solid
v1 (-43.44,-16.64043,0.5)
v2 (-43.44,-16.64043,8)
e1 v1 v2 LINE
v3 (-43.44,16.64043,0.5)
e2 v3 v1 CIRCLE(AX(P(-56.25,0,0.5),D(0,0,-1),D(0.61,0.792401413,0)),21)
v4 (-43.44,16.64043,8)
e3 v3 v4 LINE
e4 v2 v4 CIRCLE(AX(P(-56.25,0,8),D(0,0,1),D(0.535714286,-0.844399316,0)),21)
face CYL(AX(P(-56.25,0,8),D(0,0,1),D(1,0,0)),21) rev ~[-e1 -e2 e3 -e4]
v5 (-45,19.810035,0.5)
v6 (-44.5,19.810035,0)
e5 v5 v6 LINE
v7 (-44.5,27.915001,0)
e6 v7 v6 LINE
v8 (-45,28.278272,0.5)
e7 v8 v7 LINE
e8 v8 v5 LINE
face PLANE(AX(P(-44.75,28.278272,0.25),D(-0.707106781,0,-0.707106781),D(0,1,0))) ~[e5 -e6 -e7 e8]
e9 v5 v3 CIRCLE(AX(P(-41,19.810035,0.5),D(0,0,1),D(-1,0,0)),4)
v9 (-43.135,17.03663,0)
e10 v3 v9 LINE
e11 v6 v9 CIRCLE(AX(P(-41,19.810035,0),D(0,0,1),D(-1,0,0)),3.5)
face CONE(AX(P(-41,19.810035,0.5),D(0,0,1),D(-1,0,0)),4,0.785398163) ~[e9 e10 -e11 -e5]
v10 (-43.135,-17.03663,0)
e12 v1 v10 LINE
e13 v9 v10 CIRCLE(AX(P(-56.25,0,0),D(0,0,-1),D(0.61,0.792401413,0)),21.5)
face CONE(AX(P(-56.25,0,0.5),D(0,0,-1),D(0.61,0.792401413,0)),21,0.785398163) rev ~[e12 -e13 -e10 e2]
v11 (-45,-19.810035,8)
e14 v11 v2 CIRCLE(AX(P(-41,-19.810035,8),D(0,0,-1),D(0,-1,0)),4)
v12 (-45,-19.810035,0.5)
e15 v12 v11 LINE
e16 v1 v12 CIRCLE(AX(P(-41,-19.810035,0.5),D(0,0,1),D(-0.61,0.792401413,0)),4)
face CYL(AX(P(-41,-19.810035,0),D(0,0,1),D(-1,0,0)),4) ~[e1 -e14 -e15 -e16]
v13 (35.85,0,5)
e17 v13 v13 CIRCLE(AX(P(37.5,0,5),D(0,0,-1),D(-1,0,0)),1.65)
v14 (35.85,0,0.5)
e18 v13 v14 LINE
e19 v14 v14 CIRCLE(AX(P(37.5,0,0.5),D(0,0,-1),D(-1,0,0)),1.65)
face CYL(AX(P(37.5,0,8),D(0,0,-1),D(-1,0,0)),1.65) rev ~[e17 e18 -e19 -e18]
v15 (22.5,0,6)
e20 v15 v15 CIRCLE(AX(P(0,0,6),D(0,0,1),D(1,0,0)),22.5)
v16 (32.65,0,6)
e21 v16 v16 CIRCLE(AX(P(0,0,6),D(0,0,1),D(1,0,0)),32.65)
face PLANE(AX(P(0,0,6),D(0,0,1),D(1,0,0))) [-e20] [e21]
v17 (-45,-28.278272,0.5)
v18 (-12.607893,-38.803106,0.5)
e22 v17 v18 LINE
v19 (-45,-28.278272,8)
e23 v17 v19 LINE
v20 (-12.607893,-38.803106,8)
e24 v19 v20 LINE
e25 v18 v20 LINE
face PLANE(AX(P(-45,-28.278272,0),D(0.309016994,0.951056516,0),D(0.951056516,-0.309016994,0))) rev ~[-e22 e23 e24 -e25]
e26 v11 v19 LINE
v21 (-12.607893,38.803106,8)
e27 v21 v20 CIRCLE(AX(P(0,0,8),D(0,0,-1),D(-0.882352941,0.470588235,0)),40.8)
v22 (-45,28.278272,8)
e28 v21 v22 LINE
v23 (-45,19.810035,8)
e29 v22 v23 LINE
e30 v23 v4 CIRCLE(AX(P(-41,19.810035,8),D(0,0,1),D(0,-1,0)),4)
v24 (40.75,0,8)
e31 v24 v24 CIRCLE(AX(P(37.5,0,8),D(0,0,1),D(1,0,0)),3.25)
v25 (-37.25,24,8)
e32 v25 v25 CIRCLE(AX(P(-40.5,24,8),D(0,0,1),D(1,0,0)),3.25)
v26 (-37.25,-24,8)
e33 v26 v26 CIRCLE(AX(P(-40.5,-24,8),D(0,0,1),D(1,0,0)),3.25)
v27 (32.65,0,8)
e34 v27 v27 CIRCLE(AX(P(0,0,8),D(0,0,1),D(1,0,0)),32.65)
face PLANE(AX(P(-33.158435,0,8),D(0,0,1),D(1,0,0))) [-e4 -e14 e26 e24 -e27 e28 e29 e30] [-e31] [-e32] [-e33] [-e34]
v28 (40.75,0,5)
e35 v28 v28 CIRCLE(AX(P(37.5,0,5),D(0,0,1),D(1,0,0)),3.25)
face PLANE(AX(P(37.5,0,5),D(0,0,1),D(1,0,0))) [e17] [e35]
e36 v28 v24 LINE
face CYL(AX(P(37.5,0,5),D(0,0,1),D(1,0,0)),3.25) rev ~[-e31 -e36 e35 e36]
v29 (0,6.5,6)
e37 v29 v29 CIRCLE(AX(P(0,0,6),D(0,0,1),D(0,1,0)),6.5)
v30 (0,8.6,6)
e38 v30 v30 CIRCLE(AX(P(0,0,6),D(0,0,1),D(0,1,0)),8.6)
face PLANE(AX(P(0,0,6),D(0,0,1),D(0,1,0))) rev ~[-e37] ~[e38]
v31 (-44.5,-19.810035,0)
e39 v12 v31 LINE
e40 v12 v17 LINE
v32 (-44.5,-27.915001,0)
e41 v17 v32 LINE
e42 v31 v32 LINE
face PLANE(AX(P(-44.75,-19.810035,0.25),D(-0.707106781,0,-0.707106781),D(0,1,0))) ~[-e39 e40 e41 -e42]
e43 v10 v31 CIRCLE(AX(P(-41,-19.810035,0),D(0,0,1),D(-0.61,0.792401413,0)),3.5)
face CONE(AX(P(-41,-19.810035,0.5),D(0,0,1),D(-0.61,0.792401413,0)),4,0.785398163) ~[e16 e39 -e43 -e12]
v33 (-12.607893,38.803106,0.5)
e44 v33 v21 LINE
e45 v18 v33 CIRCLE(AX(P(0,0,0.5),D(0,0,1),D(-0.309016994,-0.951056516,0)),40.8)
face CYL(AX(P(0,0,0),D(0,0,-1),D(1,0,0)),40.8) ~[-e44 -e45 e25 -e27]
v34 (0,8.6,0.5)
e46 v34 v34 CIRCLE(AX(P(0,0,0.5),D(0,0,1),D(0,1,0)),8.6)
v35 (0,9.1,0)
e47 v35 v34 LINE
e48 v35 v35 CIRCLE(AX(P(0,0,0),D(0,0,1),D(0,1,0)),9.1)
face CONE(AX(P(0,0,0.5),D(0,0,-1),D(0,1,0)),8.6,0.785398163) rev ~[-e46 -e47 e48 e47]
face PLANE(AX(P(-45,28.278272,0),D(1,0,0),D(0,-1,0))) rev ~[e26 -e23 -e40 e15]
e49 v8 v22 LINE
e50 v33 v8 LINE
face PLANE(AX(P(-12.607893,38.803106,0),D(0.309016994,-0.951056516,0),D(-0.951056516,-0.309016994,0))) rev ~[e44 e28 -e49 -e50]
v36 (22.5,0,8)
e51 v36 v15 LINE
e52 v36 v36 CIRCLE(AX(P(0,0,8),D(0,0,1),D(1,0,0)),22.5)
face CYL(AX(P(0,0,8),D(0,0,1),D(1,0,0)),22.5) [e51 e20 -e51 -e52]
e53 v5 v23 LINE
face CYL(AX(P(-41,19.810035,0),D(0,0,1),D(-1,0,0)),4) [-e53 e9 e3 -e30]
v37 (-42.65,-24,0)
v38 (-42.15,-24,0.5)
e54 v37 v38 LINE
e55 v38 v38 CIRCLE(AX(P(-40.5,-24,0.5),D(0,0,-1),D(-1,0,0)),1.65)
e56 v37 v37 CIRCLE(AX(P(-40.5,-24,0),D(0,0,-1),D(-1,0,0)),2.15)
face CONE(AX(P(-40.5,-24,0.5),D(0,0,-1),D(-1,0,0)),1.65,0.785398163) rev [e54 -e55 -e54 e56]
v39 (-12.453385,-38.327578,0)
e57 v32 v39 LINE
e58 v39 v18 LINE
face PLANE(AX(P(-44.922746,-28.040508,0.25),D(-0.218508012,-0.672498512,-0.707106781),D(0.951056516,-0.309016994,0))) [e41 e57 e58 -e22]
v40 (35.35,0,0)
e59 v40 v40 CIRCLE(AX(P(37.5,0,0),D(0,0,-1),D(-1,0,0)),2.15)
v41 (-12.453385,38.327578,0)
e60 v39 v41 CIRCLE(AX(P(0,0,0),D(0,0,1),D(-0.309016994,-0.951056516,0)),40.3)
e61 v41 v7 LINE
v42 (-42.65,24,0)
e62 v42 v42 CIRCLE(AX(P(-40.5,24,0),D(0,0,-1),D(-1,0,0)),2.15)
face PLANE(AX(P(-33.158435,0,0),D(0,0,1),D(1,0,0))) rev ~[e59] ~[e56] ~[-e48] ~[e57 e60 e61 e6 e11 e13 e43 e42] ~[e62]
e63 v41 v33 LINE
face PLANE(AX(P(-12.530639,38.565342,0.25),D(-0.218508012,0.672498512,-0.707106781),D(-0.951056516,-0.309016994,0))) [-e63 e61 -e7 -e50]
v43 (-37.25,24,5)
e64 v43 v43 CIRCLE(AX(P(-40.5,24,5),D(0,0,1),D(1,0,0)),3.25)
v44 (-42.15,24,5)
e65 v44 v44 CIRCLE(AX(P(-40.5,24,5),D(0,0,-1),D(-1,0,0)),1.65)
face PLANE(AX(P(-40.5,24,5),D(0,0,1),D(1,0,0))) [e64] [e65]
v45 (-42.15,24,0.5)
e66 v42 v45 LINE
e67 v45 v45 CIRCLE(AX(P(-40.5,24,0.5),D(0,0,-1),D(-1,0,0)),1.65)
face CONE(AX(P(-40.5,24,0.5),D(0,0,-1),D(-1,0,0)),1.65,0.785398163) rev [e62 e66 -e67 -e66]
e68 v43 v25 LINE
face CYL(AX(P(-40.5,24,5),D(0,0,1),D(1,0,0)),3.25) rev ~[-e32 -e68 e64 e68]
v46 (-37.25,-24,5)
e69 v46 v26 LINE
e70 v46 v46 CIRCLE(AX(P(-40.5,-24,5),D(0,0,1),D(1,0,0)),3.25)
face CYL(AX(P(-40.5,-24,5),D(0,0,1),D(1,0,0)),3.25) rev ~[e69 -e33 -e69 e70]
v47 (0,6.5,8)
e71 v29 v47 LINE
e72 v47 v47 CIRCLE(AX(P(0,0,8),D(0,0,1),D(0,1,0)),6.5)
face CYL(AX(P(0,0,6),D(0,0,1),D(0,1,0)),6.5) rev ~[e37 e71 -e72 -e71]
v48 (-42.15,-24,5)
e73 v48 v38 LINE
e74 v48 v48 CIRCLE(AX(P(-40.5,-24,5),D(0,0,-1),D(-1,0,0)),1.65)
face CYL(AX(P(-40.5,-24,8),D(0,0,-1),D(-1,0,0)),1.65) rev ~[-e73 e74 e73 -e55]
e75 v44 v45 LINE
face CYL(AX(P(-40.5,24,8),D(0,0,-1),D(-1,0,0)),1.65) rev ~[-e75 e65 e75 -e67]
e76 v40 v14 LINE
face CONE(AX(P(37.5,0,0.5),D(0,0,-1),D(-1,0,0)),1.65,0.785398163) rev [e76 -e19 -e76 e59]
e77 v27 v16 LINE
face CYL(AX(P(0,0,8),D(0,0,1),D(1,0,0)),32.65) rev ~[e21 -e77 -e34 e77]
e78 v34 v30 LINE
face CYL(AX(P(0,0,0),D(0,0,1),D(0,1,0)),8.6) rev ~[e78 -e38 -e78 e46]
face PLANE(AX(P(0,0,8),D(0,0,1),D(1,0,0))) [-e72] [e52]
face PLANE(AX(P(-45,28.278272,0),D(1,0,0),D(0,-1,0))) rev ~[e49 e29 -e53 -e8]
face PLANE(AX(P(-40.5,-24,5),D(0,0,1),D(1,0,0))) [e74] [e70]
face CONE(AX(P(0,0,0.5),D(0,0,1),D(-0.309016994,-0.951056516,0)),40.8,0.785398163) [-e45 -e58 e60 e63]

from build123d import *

# Parameters (mm, degrees)
F0_R            = 40.8
F1_DEPTH        = 8
F4_R            = 32.65
F4_R_2          = 22.5
F5_DEPTH        = 2
F6_W            = 4.8
F6_H            = 38.4
F7_DEPTH        = 8.001
F9_DEPTH        = 8
F10_R           = 21
F11_DEPTH       = 8.001
F12_R           = 4
F14_D           = 3.3
F14_CBORE_D     = 6.5
F14_CBORE_DEPTH = 3
F15_SIZE        = 0.5


with BuildPart() as f1:
    # F0 (on Top) → F1 (new body)
    with BuildSketch(Plane.XY):
        Circle(F0_R)
    extrude(amount=F1_DEPTH)

    # F2 (on Right) → F3 (revolve, cut)
    with BuildSketch(Plane.YZ):
        Polygon((0, 8), (0, 0), (8.6, 0), (8.6, 6), (6.5, 6), (6.5, 8), align=None)
    revolve(axis=Axis((0, 0, 10.7360328796), (0, 0, 1)), mode=Mode.SUBTRACT)

    # F4 (on face) → F5 (cut)
    with BuildSketch(Plane.XY.offset(8)):
        Circle(F4_R)
        Circle(F4_R_2, mode=Mode.SUBTRACT)
    extrude(amount=-F5_DEPTH, mode=Mode.SUBTRACT)

    # F6 (on Top) → F7 (cut, through all)
    with BuildSketch(Plane.XY):
        with Locations((-38.4, 0)):
            Rectangle(F6_W, F6_H)
    extrude(amount=F7_DEPTH, mode=Mode.SUBTRACT)

    # F8 (on Top) → F9 (join, through all)
    with BuildSketch(Plane.XY):
        with BuildLine():
            Line((-45, 28.2782724184), (-45, -28.2782724184))
            Line((-45, -28.2782724184), (-12.6078933705, -38.8031058648))
            ThreePointArc((-12.6078933705, -38.8031058648), (-26.2059585661, -31.2711965814), (-36, -19.2))
            Line((-36, -19.2), (-36, 19.2))
            ThreePointArc((-36, 19.2), (-26.2059585661, 31.2711965814), (-12.6078933705, 38.8031058648))
            Line((-12.6078933705, 38.8031058648), (-45, 28.2782724184))
        make_face()
    extrude(amount=F9_DEPTH)

    # F10 (on face) → F11 (cut, through all)
    with BuildSketch(Plane.XY.offset(8)):
        with Locations((-56.25, 0)):
            Circle(F10_R)
    extrude(amount=-F11_DEPTH, mode=Mode.SUBTRACT)

    # F12
    f12_edges = [f1.edges().sort_by_distance(p)[0] for p in [
        (-45, -17.732386, 4),
        (-45, 17.732386, 4),
    ]]
    fillet(f12_edges, radius=F12_R)

    # F14 (through all)
    with Locations(Plane.XY.offset(8)):
        with Locations((-40.5, 24), (-40.5, -24), (37.5, 0)):
            CounterBoreHole(F14_D / 2, F14_CBORE_D / 2, F14_CBORE_DEPTH)

    # F15
    f15_edges = [f1.edges().sort_by_distance(p)[0] for p in [
        (-45, 24.044154, 0),
        (-44.588872, 18.043683, 0),
        (-28.803947, 33.540689, 0),
        (-35.25, 0, 0),
        (40.8, 0, 0),
        (-44.588872, -18.043683, 0),
        (-28.803947, -33.540689, 0),
        (-45, -24.044154, 0),
        (-42.15, -24, 0),
        (-42.15, 24, 0),
        (0, -8.6, 0),
        (35.85, 0, 0),
    ]]
    chamfer(f15_edges, length=F15_SIZE)


solid = f1.part
